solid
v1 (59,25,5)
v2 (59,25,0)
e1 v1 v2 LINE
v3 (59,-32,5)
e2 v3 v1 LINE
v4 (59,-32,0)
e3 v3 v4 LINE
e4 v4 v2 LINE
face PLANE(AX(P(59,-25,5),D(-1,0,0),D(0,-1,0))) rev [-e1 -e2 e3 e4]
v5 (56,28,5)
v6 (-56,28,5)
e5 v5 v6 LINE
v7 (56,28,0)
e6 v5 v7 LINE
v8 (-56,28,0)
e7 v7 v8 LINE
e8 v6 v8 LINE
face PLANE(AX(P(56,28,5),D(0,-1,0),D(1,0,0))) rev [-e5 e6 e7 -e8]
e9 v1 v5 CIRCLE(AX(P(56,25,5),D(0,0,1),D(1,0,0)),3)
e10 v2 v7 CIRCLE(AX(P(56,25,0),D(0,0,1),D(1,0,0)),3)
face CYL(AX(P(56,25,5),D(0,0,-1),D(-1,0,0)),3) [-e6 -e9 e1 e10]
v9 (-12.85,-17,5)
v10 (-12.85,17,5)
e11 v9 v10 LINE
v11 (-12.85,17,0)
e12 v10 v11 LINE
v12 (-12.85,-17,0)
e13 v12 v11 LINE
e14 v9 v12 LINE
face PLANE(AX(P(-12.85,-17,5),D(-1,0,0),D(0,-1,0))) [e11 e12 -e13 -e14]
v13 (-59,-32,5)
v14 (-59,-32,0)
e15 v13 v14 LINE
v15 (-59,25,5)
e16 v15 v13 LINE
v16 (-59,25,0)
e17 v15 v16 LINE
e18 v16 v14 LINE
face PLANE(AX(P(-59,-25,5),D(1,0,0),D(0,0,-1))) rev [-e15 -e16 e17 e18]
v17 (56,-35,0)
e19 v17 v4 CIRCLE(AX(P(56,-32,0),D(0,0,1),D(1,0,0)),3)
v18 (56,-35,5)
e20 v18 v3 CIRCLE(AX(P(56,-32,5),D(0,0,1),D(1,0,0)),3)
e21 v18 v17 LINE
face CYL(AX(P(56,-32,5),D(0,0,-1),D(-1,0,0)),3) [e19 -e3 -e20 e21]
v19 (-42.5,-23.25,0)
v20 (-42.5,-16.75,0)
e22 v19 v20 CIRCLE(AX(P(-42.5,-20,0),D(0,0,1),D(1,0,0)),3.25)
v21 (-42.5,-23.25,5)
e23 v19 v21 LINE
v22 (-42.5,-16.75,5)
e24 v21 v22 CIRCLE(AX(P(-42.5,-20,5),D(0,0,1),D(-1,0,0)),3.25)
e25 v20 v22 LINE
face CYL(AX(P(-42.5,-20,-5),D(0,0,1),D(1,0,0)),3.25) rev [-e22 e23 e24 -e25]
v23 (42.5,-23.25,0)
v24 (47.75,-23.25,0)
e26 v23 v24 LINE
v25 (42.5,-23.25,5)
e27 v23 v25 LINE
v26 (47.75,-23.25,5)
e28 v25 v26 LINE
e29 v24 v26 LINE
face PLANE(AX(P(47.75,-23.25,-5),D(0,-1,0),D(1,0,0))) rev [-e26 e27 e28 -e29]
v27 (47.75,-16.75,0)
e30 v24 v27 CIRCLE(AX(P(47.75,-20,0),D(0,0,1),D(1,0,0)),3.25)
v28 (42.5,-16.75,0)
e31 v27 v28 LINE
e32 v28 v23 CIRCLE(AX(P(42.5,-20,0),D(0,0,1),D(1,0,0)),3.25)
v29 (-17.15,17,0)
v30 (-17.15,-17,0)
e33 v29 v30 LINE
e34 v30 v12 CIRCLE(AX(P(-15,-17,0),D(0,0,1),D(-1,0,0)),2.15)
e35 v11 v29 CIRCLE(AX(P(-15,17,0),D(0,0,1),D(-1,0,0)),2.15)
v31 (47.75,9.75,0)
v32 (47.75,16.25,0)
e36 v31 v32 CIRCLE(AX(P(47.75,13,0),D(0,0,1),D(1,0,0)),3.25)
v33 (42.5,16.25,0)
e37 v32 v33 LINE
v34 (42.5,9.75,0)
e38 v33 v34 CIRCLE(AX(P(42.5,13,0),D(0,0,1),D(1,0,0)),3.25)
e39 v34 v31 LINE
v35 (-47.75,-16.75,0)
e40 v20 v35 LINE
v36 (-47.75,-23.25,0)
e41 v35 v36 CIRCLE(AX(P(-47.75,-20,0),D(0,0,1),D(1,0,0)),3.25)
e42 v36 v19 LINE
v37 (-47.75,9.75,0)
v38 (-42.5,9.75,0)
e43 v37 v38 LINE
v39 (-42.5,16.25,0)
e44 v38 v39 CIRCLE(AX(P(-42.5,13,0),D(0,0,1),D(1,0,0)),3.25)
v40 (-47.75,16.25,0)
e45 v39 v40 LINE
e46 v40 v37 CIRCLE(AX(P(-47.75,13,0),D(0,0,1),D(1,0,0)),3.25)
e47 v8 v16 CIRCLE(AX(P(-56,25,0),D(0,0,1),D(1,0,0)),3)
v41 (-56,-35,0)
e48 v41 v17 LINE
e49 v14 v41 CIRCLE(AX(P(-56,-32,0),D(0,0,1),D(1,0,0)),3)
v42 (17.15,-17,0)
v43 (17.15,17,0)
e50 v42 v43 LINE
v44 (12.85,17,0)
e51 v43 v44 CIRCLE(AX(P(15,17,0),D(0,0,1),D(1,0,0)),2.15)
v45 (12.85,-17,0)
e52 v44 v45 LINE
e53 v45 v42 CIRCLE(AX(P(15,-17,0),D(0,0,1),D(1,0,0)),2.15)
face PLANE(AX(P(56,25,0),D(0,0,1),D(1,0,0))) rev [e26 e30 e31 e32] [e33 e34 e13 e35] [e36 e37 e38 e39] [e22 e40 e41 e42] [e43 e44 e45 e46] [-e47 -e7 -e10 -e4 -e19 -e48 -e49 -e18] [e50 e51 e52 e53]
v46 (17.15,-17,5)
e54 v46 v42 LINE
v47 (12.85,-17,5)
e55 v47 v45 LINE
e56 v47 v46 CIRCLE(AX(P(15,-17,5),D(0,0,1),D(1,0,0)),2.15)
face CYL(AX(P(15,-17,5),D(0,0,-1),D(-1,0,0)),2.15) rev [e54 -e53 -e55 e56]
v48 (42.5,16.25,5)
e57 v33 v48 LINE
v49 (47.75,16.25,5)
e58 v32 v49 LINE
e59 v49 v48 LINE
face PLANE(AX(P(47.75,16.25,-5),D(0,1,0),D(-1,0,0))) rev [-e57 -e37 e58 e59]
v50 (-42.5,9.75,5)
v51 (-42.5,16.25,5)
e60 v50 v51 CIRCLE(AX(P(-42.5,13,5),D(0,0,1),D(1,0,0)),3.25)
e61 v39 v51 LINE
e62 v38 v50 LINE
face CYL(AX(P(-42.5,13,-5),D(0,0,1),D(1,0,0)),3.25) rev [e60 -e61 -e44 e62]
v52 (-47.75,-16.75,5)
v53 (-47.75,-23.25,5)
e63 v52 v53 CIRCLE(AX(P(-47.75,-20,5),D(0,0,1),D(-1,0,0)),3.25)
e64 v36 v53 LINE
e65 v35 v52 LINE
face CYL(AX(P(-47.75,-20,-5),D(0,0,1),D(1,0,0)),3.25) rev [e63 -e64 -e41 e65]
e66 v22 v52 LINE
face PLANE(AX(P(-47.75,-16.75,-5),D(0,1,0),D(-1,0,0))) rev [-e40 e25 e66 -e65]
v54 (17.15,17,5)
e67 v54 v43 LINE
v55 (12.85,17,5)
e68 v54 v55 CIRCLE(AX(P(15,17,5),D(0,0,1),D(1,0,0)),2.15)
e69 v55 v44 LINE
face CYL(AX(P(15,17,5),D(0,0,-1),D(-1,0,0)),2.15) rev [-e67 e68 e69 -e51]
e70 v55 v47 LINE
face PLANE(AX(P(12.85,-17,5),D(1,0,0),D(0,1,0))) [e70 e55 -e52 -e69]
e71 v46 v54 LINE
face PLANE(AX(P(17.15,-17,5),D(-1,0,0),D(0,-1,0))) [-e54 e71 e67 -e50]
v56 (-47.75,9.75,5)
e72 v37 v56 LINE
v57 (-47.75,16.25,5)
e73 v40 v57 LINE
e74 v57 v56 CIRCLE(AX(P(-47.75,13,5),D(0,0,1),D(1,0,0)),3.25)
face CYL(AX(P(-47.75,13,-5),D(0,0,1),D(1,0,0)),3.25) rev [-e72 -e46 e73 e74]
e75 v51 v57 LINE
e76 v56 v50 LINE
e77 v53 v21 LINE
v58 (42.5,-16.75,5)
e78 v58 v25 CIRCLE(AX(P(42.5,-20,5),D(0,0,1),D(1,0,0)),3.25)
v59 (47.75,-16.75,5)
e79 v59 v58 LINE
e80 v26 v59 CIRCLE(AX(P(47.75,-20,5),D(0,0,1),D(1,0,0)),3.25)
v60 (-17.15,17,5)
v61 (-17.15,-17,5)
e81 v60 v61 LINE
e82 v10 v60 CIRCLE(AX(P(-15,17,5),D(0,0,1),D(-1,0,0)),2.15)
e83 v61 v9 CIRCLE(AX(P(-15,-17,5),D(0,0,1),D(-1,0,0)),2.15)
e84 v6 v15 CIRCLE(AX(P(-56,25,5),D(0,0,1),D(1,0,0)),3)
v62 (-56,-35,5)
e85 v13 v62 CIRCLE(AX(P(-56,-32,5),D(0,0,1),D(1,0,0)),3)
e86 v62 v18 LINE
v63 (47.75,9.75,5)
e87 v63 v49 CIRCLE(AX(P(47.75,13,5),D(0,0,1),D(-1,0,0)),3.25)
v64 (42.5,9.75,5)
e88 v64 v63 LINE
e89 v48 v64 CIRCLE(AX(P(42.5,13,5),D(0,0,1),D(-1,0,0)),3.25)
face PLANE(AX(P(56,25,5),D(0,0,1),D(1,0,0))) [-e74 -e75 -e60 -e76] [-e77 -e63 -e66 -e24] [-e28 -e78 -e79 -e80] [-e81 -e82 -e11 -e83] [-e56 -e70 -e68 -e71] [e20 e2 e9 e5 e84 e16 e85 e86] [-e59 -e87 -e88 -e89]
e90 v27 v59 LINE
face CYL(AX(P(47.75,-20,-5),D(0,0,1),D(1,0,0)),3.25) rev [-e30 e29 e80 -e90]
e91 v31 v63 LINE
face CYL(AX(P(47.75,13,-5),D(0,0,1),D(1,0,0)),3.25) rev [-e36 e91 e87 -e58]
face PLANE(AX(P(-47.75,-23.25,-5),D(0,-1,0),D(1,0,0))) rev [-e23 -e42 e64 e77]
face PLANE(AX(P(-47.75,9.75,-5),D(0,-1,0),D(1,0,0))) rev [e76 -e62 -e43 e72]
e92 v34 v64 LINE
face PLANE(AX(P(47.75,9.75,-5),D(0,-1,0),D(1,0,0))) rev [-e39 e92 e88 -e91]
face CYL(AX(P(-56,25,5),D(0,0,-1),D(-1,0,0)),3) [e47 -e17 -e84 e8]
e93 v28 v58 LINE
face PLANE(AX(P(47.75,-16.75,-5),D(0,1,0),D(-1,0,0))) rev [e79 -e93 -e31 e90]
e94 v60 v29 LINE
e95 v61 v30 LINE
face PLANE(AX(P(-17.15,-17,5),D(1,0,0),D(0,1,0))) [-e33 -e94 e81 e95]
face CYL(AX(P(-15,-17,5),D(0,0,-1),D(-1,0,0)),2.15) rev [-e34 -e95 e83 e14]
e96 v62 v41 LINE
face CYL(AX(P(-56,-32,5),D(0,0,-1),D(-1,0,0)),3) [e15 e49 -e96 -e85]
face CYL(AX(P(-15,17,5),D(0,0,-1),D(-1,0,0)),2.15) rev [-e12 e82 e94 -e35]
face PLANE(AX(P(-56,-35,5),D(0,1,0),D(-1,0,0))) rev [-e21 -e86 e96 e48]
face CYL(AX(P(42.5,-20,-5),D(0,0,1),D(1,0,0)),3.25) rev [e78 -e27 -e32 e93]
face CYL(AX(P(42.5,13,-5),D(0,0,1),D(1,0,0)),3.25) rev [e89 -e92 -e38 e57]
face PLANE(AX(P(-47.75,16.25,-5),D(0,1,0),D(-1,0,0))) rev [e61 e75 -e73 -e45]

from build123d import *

# Parameters (mm, degrees)
EXTRUDE_1_DEPTH     = 5
CUT_EXTRUDE_1_DEPTH = 10


with BuildPart() as part:
    # 草图1 → 凸台-拉伸1 (new body)
    with BuildSketch(Plane.XY):
        with BuildLine():
            Line((-59, -25), (-59, -32))
            ThreePointArc((-59, -32), (-58.121320344, -34.121320344), (-56, -35))
            Line((-56, -35), (56, -35))
            ThreePointArc((56, -35), (58.121320344, -34.121320344), (59, -32))
            Line((59, -32), (59, -25))
            Line((59, -25), (59, 25))
            ThreePointArc((59, 25), (58.121320344, 27.121320344), (56, 28))
            Line((56, 28), (-56, 28))
            ThreePointArc((-56, 28), (-58.121320344, 27.121320344), (-59, 25))
            Line((-59, 25), (-59, -25))
        make_face()
        with BuildLine():
            Line((12.85, -17), (12.85, 17))
            ThreePointArc((12.85, 17), (15, 19.15), (17.15, 17))
            Line((17.15, 17), (17.15, -17))
            ThreePointArc((17.15, -17), (15, -19.15), (12.85, -17))
        make_face(mode=Mode.SUBTRACT)
        with BuildLine():
            Line((-12.85, -17), (-12.85, 17))
            ThreePointArc((-12.85, 17), (-15, 19.15), (-17.15, 17))
            Line((-17.15, 17), (-17.15, -17))
            ThreePointArc((-17.15, -17), (-15, -19.15), (-12.85, -17))
        make_face(mode=Mode.SUBTRACT)
    extrude(amount=EXTRUDE_1_DEPTH)

    # 草图2 → 切除-拉伸1 (cut)
    with BuildSketch(Plane.XY.offset(5)):
        with BuildLine():
            Line((-47.75, 16.25), (-42.5, 16.25))
            ThreePointArc((-42.5, 16.25), (-39.25, 13), (-42.5, 9.75))
            Line((-42.5, 9.75), (-47.75, 9.75))
            ThreePointArc((-47.75, 9.75), (-51, 13), (-47.75, 16.25))
        make_face()
        with BuildLine():
            Line((-47.75, -23.25), (-42.5, -23.25))
            ThreePointArc((-42.5, -23.25), (-39.25, -20), (-42.5, -16.75))
            Line((-42.5, -16.75), (-47.75, -16.75))
            ThreePointArc((-47.75, -16.75), (-51, -20), (-47.75, -23.25))
        make_face()
        with BuildLine():
            Line((47.75, 16.25), (42.5, 16.25))
            ThreePointArc((42.5, 16.25), (39.25, 13), (42.5, 9.75))
            Line((42.5, 9.75), (47.75, 9.75))
            ThreePointArc((47.75, 9.75), (51, 13), (47.75, 16.25))
        make_face()
        with BuildLine():
            Line((47.75, -23.25), (42.5, -23.25))
            ThreePointArc((42.5, -23.25), (39.25, -20), (42.5, -16.75))
            Line((42.5, -16.75), (47.75, -16.75))
            ThreePointArc((47.75, -16.75), (51, -20), (47.75, -23.25))
        make_face()
    extrude(amount=-CUT_EXTRUDE_1_DEPTH, mode=Mode.SUBTRACT)


solid = part.part
